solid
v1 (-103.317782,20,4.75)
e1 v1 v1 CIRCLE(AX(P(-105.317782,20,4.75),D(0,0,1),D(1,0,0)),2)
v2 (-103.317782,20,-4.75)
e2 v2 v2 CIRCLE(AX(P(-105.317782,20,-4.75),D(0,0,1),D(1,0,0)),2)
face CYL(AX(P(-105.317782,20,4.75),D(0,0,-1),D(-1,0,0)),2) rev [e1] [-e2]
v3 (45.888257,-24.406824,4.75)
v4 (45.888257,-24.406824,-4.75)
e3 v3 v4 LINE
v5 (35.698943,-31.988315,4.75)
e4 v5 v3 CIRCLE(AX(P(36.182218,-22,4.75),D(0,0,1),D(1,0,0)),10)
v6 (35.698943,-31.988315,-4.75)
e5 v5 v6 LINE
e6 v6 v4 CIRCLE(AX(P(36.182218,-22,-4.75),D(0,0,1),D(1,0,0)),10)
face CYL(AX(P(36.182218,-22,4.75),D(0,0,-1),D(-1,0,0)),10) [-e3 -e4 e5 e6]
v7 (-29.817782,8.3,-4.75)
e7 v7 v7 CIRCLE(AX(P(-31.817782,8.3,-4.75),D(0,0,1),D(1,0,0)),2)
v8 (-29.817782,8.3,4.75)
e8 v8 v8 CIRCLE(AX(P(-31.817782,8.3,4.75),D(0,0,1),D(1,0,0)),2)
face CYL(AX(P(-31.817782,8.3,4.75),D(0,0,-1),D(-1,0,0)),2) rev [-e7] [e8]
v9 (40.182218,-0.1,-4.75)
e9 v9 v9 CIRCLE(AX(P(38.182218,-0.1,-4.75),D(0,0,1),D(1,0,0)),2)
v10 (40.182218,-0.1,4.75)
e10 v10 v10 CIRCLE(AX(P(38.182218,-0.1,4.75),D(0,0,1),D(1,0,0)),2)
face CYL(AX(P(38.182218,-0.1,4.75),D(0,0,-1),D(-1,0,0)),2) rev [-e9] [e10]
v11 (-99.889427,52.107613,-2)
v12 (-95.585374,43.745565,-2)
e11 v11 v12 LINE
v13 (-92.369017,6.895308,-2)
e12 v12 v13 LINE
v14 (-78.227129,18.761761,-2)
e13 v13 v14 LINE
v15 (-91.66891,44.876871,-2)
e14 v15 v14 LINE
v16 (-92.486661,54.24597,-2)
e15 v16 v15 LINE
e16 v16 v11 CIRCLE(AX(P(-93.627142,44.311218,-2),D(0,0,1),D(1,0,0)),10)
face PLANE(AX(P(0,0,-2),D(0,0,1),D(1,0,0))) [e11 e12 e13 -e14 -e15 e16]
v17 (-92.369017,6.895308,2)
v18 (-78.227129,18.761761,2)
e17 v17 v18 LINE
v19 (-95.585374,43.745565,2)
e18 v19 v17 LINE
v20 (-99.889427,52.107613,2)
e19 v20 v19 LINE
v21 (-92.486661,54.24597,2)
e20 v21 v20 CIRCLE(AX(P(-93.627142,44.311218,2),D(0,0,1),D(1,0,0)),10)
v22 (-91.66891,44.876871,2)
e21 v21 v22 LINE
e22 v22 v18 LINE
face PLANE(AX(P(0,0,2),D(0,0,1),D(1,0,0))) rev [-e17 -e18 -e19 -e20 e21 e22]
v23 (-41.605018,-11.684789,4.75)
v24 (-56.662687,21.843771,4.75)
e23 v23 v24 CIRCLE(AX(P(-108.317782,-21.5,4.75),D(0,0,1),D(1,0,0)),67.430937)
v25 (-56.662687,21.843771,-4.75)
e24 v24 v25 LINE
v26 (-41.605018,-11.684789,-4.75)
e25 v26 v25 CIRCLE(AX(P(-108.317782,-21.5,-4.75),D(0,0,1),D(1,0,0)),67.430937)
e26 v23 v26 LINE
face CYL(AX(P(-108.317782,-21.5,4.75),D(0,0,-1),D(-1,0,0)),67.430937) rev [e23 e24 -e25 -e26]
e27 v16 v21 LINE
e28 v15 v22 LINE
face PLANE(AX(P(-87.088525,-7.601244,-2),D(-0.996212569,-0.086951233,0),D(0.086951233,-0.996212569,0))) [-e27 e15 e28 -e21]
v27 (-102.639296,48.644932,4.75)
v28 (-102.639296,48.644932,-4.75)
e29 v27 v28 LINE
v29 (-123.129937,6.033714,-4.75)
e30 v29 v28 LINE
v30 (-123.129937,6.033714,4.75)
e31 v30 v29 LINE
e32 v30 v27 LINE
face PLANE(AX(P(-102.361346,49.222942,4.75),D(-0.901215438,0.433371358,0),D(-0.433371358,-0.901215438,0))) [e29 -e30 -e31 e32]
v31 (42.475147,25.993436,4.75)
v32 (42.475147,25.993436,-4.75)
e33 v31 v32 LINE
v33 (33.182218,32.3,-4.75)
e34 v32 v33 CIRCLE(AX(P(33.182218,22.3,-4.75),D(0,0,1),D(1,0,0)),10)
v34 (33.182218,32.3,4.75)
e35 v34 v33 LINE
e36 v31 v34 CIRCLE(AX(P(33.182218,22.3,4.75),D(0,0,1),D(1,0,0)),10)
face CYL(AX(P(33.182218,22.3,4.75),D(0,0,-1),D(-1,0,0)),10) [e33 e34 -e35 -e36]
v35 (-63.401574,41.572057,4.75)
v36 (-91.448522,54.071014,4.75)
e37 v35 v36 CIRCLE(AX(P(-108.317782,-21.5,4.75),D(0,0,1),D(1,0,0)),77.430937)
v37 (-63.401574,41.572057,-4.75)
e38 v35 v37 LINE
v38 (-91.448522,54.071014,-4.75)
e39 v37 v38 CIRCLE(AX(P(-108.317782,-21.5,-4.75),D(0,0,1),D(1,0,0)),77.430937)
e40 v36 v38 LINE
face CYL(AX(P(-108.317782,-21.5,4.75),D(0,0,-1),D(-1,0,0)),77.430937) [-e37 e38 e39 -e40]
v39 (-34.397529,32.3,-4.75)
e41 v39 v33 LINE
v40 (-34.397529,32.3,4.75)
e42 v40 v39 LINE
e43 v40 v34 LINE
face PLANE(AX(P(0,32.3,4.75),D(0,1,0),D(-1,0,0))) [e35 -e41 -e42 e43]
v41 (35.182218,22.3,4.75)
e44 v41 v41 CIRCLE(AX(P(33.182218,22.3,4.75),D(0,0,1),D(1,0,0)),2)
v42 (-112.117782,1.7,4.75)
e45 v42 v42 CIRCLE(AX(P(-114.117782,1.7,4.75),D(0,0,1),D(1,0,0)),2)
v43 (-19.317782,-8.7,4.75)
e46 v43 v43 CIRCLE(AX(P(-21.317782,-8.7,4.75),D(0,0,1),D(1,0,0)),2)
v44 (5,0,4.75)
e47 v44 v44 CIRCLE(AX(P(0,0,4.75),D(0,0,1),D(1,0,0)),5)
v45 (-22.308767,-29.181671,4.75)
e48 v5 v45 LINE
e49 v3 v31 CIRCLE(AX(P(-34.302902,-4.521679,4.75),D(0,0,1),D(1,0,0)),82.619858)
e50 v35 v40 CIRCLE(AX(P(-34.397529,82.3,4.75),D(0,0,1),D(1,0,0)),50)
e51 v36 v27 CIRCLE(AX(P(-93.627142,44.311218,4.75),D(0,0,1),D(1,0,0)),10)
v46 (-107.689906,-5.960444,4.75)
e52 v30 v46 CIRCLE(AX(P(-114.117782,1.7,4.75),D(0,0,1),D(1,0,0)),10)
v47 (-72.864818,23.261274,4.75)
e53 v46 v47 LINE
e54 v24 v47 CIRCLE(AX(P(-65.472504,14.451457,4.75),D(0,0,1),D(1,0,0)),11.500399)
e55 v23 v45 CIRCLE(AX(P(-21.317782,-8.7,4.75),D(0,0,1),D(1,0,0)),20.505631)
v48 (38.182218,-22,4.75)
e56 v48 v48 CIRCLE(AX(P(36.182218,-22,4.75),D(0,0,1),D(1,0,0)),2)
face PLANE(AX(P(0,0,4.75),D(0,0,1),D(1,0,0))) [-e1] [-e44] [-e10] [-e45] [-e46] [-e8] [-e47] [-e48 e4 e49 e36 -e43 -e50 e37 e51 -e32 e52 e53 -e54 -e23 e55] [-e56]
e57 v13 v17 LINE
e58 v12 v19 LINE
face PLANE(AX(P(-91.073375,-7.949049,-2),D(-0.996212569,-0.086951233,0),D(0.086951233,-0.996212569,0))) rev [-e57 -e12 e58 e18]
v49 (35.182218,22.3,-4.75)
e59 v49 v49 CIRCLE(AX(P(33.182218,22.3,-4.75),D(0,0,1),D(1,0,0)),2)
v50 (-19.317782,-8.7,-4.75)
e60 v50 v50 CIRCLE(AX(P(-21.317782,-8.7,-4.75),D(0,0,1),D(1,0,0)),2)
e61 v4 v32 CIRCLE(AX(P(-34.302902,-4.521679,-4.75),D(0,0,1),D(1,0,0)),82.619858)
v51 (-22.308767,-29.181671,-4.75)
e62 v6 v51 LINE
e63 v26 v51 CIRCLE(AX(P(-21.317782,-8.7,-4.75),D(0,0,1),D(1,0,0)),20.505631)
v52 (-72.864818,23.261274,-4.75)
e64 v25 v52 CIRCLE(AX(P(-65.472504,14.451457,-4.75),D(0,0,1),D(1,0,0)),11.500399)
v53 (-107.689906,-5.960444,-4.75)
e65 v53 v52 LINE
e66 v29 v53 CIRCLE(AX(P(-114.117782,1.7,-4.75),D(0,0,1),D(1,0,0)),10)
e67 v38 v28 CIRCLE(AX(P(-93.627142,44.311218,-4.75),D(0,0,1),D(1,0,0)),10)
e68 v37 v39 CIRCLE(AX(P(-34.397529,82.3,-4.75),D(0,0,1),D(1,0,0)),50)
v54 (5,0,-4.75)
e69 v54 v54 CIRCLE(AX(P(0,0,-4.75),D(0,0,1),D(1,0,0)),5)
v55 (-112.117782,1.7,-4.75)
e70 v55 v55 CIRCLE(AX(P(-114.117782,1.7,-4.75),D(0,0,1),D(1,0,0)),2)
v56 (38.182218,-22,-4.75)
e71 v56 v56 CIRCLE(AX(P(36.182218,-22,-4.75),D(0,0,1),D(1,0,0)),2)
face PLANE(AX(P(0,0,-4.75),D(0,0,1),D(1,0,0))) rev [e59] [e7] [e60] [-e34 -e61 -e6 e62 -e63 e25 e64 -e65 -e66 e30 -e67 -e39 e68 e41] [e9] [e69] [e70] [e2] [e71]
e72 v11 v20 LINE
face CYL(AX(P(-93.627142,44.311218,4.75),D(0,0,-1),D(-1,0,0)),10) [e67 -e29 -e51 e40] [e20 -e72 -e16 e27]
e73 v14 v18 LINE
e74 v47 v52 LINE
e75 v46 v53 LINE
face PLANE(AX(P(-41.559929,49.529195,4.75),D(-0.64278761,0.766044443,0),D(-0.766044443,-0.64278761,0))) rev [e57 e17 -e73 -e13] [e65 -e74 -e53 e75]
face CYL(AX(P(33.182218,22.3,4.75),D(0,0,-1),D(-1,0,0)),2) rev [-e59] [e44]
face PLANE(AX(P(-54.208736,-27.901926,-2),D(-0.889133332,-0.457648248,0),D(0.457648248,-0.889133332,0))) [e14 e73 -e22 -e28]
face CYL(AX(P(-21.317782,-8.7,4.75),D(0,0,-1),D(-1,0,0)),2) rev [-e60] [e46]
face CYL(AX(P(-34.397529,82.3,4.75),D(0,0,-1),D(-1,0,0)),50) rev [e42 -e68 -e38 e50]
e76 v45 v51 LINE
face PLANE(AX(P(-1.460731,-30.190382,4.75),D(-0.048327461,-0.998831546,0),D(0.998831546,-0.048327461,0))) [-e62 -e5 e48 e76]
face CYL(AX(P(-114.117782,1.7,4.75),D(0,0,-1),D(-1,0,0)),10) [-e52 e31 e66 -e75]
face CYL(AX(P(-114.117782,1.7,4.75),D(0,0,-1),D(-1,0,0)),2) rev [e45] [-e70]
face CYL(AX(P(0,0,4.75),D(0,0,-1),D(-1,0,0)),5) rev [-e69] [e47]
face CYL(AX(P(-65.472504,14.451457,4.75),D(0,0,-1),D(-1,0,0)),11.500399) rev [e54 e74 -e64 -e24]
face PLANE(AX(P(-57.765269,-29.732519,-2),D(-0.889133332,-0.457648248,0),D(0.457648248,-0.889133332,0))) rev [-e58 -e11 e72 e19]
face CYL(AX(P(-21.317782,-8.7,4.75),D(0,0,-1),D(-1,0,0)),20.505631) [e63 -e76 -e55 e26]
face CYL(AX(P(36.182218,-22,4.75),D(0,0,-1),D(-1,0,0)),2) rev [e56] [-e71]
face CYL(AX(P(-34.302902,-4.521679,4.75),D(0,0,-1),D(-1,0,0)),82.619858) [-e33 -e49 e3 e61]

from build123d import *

# Parameters (mm, degrees)
SKETCH1_R           = 5
SKETCH1_R_2         = 2
BOSS_EXTRUDE1_DEPTH = 4.75
CUT_EXTRUDE1_DEPTH  = 2


with BuildPart() as part:
    # Sketch1 → Boss-Extrude1 (new, symmetric)
    with BuildSketch(Plane.XY):
        with BuildLine():
            Line((-22.308767332, -29.181670657), (35.698943118, -31.988315456))
            ThreePointArc((35.698943118, -31.988315456), (42.1516901, -30.02280497), (45.888257007, -24.406823948))
            ThreePointArc((45.888257007, -24.406823948), (48.128157677, 1.060560267), (42.475146865, 25.993435805))
            ThreePointArc((42.475146865, 25.993435805), (38.797626972, 30.574489653), (33.182217728, 32.3))
            Line((33.182217728, 32.3), (-34.397529085, 32.3))
            ThreePointArc((-34.397529085, 32.3), (-49.622555092, 34.67439152), (-63.401574193, 41.572056677))
            ThreePointArc((-63.401574193, 41.572056677), (-76.799263642, 49.225759558), (-91.448521696, 54.071013816))
            ThreePointArc((-91.448521696, 54.071013816), (-97.990041102, 53.309279516), (-102.639296293, 48.644931604))
            Line((-102.639296293, 48.644931604), (-123.129936653, 6.033713582))
            ThreePointArc((-123.129936653, 6.033713582), (-120.252485213, -6.197177966), (-107.689906175, -5.960444431))
            Line((-107.689906175, -5.960444431), (-72.864818345, 23.261273923))
            ThreePointArc((-72.864818345, 23.261273923), (-64.470178387, 25.908093735), (-56.662687309, 21.843771132))
            ThreePointArc((-56.662687309, 21.843771132), (-46.805355693, 6.125218695), (-41.605017691, -11.684788659))
            ThreePointArc((-41.605017691, -11.684788659), (-35.091884298, -23.890622031), (-22.308767332, -29.181670657))
        make_face()
        Circle(SKETCH1_R, mode=Mode.SUBTRACT)
        with Locations((36.182217728, -22)):
            Circle(SKETCH1_R_2, mode=Mode.SUBTRACT)
        with Locations((-21.317782272, -8.7)):
            Circle(SKETCH1_R_2, mode=Mode.SUBTRACT)
        with Locations((38.182217728, -0.1)):
            Circle(SKETCH1_R_2, mode=Mode.SUBTRACT)
        with Locations((33.182217728, 22.3)):
            Circle(SKETCH1_R_2, mode=Mode.SUBTRACT)
        with Locations((-31.817782272, 8.3)):
            Circle(SKETCH1_R_2, mode=Mode.SUBTRACT)
        with Locations((-105.317782272, 20)):
            Circle(SKETCH1_R_2, mode=Mode.SUBTRACT)
        with Locations((-114.117782272, 1.7)):
            Circle(SKETCH1_R_2, mode=Mode.SUBTRACT)
    extrude(amount=BOSS_EXTRUDE1_DEPTH, both=True)

    # Sketch2 → Cut-Extrude1 (cut, symmetric)
    with BuildSketch(Plane.XY):
        with BuildLine():
            Line((-78.227129447, 18.761760655), (-91.668909505, 44.876871439))
            Line((-91.668909505, 44.876871439), (-92.486661389, 54.245970368))
            ThreePointArc((-92.486661389, 54.245970368), (-96.402275052, 53.918435936), (-99.889427329, 52.10761343))
            Line((-99.889427329, 52.10761343), (-95.58537432, 43.745564604))
            Line((-95.58537432, 43.745564604), (-92.369017313, 6.895307763))
            Line((-92.369017313, 6.895307763), (-78.227129447, 18.761760655))
        make_face()
    extrude(amount=CUT_EXTRUDE1_DEPTH, both=True, mode=Mode.SUBTRACT)


solid = part.part
